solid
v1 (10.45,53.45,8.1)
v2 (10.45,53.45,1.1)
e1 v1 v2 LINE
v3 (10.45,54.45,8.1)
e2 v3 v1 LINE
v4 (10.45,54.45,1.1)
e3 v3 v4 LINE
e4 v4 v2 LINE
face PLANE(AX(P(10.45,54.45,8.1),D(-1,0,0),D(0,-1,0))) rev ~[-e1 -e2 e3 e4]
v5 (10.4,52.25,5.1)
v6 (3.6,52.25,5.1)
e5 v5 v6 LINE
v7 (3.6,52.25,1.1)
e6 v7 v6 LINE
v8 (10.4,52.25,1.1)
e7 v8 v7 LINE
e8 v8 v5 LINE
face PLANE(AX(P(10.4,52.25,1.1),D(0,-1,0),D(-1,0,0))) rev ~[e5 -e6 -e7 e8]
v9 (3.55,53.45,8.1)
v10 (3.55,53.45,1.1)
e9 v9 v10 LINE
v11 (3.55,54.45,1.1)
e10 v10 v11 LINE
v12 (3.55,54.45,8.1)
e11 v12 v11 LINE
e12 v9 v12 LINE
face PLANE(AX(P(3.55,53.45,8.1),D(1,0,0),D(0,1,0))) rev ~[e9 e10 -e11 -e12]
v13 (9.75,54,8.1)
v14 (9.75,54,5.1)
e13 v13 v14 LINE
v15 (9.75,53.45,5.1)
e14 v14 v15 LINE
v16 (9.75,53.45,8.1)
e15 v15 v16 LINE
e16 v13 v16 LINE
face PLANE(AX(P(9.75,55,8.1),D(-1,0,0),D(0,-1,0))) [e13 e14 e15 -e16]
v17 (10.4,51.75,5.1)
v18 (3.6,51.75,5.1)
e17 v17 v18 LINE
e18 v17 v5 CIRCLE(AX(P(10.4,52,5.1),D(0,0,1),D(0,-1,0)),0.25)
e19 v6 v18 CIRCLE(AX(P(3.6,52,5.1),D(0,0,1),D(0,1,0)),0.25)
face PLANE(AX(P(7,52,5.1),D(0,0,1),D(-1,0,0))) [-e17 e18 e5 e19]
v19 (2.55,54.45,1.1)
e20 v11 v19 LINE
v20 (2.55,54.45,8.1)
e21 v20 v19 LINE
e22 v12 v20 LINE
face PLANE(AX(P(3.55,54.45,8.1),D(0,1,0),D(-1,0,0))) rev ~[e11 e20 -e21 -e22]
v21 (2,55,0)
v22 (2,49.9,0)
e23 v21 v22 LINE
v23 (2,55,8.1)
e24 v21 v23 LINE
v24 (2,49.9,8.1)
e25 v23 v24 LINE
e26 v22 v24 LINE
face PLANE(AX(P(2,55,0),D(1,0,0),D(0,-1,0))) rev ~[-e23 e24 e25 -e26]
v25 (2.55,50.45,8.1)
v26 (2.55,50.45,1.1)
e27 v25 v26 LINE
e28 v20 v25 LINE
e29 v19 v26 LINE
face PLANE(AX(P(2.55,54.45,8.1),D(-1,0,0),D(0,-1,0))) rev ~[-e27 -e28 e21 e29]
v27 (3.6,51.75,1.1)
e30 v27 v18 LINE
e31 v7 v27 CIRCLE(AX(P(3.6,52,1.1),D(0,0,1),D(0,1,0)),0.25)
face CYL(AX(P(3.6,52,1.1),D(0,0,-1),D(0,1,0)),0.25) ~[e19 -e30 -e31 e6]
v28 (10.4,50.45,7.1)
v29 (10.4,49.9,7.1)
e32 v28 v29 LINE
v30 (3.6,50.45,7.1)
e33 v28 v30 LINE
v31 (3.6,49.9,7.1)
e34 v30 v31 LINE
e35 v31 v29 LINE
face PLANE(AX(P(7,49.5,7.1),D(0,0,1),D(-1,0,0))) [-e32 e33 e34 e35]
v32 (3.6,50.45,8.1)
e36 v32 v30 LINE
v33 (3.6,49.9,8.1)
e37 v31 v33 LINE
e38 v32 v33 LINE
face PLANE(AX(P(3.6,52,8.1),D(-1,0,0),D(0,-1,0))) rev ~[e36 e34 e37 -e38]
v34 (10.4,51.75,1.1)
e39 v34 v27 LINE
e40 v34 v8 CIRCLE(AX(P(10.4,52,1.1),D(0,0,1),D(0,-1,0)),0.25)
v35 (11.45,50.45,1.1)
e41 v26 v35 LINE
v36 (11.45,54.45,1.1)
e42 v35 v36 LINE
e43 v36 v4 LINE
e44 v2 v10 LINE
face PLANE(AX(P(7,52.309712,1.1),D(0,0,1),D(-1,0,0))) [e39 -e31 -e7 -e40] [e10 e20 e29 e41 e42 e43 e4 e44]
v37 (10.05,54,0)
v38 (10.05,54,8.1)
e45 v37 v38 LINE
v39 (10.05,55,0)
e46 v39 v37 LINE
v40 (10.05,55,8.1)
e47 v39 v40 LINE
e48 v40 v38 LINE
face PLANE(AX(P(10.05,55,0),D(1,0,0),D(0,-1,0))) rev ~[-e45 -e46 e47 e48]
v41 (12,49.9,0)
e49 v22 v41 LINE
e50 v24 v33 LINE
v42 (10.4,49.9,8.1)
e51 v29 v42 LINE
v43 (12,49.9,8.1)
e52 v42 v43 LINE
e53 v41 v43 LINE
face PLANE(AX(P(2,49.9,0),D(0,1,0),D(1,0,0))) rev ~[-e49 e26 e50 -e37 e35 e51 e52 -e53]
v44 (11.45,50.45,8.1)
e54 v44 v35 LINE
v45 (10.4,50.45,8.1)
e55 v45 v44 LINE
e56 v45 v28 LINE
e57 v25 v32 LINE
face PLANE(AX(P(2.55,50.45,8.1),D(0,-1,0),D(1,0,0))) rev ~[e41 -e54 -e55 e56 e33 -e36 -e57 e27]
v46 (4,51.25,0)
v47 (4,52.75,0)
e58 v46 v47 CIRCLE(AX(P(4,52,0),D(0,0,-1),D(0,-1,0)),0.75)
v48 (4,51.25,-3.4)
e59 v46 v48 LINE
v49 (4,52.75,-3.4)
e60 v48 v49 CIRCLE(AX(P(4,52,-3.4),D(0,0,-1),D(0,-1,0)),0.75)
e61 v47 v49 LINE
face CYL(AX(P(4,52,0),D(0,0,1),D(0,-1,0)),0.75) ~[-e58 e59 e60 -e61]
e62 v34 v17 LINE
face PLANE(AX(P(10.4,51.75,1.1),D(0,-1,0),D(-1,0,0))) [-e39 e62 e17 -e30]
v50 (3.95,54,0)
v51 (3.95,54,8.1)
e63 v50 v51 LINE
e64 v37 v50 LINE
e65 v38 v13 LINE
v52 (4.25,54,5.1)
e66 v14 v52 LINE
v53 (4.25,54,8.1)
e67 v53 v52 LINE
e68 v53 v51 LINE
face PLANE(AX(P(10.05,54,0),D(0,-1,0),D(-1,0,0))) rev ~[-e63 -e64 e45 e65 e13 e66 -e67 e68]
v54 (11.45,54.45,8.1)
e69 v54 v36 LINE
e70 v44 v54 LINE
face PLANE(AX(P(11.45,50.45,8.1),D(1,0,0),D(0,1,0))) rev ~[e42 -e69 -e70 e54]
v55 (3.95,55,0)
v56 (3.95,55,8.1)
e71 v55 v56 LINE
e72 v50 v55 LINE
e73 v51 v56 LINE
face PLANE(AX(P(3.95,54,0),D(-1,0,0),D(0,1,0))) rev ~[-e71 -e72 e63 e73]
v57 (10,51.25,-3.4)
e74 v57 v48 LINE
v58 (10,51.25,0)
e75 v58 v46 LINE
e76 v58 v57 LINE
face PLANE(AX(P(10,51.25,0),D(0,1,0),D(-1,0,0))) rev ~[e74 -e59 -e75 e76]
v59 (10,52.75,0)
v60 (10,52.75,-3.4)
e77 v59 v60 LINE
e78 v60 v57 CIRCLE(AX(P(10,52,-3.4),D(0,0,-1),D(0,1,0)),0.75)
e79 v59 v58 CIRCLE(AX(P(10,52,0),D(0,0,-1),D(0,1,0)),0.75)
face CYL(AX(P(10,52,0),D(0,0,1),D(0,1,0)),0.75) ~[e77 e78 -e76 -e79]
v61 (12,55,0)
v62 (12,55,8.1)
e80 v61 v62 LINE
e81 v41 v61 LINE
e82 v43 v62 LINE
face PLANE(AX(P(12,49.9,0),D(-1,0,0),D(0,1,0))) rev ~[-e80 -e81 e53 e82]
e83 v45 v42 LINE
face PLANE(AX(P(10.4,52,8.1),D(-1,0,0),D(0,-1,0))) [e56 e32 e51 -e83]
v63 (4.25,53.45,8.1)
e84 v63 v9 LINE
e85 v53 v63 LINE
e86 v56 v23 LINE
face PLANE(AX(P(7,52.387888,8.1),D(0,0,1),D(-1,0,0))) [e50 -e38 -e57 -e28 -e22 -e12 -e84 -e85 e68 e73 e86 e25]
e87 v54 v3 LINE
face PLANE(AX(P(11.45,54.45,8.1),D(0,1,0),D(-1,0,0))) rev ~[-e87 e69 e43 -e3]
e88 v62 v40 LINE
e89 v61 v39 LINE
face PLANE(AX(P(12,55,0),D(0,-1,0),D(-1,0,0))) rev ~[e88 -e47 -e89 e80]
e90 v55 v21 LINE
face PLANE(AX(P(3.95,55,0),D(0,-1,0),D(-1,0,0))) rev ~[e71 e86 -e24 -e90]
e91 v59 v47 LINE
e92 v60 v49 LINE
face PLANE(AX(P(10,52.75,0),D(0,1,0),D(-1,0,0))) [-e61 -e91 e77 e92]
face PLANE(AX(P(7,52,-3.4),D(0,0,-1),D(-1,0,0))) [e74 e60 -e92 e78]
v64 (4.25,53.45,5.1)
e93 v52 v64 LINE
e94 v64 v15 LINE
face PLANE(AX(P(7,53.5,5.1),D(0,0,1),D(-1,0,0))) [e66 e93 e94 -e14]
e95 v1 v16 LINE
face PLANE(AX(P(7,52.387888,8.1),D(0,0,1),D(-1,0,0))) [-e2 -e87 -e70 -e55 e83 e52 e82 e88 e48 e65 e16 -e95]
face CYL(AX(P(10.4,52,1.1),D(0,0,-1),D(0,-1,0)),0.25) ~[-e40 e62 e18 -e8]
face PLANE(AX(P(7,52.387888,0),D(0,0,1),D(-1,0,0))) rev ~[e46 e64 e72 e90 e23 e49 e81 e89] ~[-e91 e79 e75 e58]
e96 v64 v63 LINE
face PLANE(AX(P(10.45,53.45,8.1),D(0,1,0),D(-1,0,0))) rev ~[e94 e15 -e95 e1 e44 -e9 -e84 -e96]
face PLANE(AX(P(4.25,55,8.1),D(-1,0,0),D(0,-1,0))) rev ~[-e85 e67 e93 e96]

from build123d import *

# Parameters (mm, degrees)
PAD005_DEPTH            = 8.1
POCKET003_DEPTH         = 7
SKETCH010_W             = 6.8
SKETCH010_H             = 5
POCKET004_DEPTH         = 1
SKETCH011_W             = 5.5
SKETCH011_H             = 3
POCKET005_DEPTH         = 3
PAD006_DEPTH            = 4
PAD014_DEPTH            = 3.4
BODY005_PLACEMENT_ANGLE = 180


with BuildPart() as part:
    # Sketch008 → Pad005 (new body)
    with BuildSketch(Plane.XY):
        Polygon((-5, 0), (-3.05, 0), (-3.05, 1), (3.05, 1), (3.05, 0), (5, 0), (5, 5.1), (-5, 5.1), align=None)
    extrude(amount=PAD005_DEPTH)

    # Sketch009 (on Face10 of Pad005) → Pocket003 (cut)
    with BuildSketch(Plane.XY.offset(8.1)):
        Polygon((-4.45, 0.55), (-3.45, 0.55), (-3.45, 1.55), (3.45, 1.55), (3.45, 0.55), (4.45, 0.55), (4.45, 4.55), (-4.45, 4.55), align=None)
    extrude(amount=-POCKET003_DEPTH, mode=Mode.SUBTRACT)

    # Sketch010 (on Face5 of Pocket003) → Pocket004 (cut)
    with BuildSketch(Plane.XY.offset(8.1)):
        with Locations((0, 5.5)):
            Rectangle(SKETCH010_W, SKETCH010_H)
    extrude(amount=-POCKET004_DEPTH, mode=Mode.SUBTRACT)

    # Sketch011 (on Face5 of Pocket004) → Pocket005 (cut)
    with BuildSketch(Plane.XY.offset(8.1)):
        with Locations((0, 1.5)):
            Rectangle(SKETCH011_W, SKETCH011_H)
    extrude(amount=-POCKET005_DEPTH, mode=Mode.SUBTRACT)

    # Sketch012 (on Face26 of Pocket005) → Pad006 (join)
    with BuildSketch(Plane.XY.offset(1.1)):
        with BuildLine():
            ThreePointArc((-3.4, 3.25), (-3.65, 3), (-3.4, 2.75))
            Line((-3.4, 2.75), (3.4, 2.75))
            ThreePointArc((3.4, 2.75), (3.65, 3), (3.4, 3.25))
            Line((-3.4, 3.25), (3.4, 3.25))
        make_face()
    extrude(amount=PAD006_DEPTH)

    # Sketch020 (on Face4 of Pad006) → Pad014 (join)
    with BuildSketch(Plane(origin=(0, 0, 0), x_dir=(1, 0, 0), z_dir=(0, 0, -1))):
        with BuildLine():
            ThreePointArc((-3, -2.25), (-3.75, -3), (-3, -3.75))
            Line((-3, -3.75), (3, -3.75))
            ThreePointArc((3, -3.75), (3.75, -3), (3, -2.25))
            Line((-3, -2.25), (3, -2.25))
        make_face()
    extrude(amount=PAD014_DEPTH)


with BuildPart() as part_1:
    # Body005 placement: moved
    add(part.part.moved(Location((-7, 29, 0))).rotate(Axis((-7, 29, 0), (0, 0, 1)), BODY005_PLACEMENT_ANGLE))


with BuildPart() as part_2:
    # Body012 placement: moved
    add(part_1.part.moved(Location((14, 26, 0))))


solid = part_2.part
